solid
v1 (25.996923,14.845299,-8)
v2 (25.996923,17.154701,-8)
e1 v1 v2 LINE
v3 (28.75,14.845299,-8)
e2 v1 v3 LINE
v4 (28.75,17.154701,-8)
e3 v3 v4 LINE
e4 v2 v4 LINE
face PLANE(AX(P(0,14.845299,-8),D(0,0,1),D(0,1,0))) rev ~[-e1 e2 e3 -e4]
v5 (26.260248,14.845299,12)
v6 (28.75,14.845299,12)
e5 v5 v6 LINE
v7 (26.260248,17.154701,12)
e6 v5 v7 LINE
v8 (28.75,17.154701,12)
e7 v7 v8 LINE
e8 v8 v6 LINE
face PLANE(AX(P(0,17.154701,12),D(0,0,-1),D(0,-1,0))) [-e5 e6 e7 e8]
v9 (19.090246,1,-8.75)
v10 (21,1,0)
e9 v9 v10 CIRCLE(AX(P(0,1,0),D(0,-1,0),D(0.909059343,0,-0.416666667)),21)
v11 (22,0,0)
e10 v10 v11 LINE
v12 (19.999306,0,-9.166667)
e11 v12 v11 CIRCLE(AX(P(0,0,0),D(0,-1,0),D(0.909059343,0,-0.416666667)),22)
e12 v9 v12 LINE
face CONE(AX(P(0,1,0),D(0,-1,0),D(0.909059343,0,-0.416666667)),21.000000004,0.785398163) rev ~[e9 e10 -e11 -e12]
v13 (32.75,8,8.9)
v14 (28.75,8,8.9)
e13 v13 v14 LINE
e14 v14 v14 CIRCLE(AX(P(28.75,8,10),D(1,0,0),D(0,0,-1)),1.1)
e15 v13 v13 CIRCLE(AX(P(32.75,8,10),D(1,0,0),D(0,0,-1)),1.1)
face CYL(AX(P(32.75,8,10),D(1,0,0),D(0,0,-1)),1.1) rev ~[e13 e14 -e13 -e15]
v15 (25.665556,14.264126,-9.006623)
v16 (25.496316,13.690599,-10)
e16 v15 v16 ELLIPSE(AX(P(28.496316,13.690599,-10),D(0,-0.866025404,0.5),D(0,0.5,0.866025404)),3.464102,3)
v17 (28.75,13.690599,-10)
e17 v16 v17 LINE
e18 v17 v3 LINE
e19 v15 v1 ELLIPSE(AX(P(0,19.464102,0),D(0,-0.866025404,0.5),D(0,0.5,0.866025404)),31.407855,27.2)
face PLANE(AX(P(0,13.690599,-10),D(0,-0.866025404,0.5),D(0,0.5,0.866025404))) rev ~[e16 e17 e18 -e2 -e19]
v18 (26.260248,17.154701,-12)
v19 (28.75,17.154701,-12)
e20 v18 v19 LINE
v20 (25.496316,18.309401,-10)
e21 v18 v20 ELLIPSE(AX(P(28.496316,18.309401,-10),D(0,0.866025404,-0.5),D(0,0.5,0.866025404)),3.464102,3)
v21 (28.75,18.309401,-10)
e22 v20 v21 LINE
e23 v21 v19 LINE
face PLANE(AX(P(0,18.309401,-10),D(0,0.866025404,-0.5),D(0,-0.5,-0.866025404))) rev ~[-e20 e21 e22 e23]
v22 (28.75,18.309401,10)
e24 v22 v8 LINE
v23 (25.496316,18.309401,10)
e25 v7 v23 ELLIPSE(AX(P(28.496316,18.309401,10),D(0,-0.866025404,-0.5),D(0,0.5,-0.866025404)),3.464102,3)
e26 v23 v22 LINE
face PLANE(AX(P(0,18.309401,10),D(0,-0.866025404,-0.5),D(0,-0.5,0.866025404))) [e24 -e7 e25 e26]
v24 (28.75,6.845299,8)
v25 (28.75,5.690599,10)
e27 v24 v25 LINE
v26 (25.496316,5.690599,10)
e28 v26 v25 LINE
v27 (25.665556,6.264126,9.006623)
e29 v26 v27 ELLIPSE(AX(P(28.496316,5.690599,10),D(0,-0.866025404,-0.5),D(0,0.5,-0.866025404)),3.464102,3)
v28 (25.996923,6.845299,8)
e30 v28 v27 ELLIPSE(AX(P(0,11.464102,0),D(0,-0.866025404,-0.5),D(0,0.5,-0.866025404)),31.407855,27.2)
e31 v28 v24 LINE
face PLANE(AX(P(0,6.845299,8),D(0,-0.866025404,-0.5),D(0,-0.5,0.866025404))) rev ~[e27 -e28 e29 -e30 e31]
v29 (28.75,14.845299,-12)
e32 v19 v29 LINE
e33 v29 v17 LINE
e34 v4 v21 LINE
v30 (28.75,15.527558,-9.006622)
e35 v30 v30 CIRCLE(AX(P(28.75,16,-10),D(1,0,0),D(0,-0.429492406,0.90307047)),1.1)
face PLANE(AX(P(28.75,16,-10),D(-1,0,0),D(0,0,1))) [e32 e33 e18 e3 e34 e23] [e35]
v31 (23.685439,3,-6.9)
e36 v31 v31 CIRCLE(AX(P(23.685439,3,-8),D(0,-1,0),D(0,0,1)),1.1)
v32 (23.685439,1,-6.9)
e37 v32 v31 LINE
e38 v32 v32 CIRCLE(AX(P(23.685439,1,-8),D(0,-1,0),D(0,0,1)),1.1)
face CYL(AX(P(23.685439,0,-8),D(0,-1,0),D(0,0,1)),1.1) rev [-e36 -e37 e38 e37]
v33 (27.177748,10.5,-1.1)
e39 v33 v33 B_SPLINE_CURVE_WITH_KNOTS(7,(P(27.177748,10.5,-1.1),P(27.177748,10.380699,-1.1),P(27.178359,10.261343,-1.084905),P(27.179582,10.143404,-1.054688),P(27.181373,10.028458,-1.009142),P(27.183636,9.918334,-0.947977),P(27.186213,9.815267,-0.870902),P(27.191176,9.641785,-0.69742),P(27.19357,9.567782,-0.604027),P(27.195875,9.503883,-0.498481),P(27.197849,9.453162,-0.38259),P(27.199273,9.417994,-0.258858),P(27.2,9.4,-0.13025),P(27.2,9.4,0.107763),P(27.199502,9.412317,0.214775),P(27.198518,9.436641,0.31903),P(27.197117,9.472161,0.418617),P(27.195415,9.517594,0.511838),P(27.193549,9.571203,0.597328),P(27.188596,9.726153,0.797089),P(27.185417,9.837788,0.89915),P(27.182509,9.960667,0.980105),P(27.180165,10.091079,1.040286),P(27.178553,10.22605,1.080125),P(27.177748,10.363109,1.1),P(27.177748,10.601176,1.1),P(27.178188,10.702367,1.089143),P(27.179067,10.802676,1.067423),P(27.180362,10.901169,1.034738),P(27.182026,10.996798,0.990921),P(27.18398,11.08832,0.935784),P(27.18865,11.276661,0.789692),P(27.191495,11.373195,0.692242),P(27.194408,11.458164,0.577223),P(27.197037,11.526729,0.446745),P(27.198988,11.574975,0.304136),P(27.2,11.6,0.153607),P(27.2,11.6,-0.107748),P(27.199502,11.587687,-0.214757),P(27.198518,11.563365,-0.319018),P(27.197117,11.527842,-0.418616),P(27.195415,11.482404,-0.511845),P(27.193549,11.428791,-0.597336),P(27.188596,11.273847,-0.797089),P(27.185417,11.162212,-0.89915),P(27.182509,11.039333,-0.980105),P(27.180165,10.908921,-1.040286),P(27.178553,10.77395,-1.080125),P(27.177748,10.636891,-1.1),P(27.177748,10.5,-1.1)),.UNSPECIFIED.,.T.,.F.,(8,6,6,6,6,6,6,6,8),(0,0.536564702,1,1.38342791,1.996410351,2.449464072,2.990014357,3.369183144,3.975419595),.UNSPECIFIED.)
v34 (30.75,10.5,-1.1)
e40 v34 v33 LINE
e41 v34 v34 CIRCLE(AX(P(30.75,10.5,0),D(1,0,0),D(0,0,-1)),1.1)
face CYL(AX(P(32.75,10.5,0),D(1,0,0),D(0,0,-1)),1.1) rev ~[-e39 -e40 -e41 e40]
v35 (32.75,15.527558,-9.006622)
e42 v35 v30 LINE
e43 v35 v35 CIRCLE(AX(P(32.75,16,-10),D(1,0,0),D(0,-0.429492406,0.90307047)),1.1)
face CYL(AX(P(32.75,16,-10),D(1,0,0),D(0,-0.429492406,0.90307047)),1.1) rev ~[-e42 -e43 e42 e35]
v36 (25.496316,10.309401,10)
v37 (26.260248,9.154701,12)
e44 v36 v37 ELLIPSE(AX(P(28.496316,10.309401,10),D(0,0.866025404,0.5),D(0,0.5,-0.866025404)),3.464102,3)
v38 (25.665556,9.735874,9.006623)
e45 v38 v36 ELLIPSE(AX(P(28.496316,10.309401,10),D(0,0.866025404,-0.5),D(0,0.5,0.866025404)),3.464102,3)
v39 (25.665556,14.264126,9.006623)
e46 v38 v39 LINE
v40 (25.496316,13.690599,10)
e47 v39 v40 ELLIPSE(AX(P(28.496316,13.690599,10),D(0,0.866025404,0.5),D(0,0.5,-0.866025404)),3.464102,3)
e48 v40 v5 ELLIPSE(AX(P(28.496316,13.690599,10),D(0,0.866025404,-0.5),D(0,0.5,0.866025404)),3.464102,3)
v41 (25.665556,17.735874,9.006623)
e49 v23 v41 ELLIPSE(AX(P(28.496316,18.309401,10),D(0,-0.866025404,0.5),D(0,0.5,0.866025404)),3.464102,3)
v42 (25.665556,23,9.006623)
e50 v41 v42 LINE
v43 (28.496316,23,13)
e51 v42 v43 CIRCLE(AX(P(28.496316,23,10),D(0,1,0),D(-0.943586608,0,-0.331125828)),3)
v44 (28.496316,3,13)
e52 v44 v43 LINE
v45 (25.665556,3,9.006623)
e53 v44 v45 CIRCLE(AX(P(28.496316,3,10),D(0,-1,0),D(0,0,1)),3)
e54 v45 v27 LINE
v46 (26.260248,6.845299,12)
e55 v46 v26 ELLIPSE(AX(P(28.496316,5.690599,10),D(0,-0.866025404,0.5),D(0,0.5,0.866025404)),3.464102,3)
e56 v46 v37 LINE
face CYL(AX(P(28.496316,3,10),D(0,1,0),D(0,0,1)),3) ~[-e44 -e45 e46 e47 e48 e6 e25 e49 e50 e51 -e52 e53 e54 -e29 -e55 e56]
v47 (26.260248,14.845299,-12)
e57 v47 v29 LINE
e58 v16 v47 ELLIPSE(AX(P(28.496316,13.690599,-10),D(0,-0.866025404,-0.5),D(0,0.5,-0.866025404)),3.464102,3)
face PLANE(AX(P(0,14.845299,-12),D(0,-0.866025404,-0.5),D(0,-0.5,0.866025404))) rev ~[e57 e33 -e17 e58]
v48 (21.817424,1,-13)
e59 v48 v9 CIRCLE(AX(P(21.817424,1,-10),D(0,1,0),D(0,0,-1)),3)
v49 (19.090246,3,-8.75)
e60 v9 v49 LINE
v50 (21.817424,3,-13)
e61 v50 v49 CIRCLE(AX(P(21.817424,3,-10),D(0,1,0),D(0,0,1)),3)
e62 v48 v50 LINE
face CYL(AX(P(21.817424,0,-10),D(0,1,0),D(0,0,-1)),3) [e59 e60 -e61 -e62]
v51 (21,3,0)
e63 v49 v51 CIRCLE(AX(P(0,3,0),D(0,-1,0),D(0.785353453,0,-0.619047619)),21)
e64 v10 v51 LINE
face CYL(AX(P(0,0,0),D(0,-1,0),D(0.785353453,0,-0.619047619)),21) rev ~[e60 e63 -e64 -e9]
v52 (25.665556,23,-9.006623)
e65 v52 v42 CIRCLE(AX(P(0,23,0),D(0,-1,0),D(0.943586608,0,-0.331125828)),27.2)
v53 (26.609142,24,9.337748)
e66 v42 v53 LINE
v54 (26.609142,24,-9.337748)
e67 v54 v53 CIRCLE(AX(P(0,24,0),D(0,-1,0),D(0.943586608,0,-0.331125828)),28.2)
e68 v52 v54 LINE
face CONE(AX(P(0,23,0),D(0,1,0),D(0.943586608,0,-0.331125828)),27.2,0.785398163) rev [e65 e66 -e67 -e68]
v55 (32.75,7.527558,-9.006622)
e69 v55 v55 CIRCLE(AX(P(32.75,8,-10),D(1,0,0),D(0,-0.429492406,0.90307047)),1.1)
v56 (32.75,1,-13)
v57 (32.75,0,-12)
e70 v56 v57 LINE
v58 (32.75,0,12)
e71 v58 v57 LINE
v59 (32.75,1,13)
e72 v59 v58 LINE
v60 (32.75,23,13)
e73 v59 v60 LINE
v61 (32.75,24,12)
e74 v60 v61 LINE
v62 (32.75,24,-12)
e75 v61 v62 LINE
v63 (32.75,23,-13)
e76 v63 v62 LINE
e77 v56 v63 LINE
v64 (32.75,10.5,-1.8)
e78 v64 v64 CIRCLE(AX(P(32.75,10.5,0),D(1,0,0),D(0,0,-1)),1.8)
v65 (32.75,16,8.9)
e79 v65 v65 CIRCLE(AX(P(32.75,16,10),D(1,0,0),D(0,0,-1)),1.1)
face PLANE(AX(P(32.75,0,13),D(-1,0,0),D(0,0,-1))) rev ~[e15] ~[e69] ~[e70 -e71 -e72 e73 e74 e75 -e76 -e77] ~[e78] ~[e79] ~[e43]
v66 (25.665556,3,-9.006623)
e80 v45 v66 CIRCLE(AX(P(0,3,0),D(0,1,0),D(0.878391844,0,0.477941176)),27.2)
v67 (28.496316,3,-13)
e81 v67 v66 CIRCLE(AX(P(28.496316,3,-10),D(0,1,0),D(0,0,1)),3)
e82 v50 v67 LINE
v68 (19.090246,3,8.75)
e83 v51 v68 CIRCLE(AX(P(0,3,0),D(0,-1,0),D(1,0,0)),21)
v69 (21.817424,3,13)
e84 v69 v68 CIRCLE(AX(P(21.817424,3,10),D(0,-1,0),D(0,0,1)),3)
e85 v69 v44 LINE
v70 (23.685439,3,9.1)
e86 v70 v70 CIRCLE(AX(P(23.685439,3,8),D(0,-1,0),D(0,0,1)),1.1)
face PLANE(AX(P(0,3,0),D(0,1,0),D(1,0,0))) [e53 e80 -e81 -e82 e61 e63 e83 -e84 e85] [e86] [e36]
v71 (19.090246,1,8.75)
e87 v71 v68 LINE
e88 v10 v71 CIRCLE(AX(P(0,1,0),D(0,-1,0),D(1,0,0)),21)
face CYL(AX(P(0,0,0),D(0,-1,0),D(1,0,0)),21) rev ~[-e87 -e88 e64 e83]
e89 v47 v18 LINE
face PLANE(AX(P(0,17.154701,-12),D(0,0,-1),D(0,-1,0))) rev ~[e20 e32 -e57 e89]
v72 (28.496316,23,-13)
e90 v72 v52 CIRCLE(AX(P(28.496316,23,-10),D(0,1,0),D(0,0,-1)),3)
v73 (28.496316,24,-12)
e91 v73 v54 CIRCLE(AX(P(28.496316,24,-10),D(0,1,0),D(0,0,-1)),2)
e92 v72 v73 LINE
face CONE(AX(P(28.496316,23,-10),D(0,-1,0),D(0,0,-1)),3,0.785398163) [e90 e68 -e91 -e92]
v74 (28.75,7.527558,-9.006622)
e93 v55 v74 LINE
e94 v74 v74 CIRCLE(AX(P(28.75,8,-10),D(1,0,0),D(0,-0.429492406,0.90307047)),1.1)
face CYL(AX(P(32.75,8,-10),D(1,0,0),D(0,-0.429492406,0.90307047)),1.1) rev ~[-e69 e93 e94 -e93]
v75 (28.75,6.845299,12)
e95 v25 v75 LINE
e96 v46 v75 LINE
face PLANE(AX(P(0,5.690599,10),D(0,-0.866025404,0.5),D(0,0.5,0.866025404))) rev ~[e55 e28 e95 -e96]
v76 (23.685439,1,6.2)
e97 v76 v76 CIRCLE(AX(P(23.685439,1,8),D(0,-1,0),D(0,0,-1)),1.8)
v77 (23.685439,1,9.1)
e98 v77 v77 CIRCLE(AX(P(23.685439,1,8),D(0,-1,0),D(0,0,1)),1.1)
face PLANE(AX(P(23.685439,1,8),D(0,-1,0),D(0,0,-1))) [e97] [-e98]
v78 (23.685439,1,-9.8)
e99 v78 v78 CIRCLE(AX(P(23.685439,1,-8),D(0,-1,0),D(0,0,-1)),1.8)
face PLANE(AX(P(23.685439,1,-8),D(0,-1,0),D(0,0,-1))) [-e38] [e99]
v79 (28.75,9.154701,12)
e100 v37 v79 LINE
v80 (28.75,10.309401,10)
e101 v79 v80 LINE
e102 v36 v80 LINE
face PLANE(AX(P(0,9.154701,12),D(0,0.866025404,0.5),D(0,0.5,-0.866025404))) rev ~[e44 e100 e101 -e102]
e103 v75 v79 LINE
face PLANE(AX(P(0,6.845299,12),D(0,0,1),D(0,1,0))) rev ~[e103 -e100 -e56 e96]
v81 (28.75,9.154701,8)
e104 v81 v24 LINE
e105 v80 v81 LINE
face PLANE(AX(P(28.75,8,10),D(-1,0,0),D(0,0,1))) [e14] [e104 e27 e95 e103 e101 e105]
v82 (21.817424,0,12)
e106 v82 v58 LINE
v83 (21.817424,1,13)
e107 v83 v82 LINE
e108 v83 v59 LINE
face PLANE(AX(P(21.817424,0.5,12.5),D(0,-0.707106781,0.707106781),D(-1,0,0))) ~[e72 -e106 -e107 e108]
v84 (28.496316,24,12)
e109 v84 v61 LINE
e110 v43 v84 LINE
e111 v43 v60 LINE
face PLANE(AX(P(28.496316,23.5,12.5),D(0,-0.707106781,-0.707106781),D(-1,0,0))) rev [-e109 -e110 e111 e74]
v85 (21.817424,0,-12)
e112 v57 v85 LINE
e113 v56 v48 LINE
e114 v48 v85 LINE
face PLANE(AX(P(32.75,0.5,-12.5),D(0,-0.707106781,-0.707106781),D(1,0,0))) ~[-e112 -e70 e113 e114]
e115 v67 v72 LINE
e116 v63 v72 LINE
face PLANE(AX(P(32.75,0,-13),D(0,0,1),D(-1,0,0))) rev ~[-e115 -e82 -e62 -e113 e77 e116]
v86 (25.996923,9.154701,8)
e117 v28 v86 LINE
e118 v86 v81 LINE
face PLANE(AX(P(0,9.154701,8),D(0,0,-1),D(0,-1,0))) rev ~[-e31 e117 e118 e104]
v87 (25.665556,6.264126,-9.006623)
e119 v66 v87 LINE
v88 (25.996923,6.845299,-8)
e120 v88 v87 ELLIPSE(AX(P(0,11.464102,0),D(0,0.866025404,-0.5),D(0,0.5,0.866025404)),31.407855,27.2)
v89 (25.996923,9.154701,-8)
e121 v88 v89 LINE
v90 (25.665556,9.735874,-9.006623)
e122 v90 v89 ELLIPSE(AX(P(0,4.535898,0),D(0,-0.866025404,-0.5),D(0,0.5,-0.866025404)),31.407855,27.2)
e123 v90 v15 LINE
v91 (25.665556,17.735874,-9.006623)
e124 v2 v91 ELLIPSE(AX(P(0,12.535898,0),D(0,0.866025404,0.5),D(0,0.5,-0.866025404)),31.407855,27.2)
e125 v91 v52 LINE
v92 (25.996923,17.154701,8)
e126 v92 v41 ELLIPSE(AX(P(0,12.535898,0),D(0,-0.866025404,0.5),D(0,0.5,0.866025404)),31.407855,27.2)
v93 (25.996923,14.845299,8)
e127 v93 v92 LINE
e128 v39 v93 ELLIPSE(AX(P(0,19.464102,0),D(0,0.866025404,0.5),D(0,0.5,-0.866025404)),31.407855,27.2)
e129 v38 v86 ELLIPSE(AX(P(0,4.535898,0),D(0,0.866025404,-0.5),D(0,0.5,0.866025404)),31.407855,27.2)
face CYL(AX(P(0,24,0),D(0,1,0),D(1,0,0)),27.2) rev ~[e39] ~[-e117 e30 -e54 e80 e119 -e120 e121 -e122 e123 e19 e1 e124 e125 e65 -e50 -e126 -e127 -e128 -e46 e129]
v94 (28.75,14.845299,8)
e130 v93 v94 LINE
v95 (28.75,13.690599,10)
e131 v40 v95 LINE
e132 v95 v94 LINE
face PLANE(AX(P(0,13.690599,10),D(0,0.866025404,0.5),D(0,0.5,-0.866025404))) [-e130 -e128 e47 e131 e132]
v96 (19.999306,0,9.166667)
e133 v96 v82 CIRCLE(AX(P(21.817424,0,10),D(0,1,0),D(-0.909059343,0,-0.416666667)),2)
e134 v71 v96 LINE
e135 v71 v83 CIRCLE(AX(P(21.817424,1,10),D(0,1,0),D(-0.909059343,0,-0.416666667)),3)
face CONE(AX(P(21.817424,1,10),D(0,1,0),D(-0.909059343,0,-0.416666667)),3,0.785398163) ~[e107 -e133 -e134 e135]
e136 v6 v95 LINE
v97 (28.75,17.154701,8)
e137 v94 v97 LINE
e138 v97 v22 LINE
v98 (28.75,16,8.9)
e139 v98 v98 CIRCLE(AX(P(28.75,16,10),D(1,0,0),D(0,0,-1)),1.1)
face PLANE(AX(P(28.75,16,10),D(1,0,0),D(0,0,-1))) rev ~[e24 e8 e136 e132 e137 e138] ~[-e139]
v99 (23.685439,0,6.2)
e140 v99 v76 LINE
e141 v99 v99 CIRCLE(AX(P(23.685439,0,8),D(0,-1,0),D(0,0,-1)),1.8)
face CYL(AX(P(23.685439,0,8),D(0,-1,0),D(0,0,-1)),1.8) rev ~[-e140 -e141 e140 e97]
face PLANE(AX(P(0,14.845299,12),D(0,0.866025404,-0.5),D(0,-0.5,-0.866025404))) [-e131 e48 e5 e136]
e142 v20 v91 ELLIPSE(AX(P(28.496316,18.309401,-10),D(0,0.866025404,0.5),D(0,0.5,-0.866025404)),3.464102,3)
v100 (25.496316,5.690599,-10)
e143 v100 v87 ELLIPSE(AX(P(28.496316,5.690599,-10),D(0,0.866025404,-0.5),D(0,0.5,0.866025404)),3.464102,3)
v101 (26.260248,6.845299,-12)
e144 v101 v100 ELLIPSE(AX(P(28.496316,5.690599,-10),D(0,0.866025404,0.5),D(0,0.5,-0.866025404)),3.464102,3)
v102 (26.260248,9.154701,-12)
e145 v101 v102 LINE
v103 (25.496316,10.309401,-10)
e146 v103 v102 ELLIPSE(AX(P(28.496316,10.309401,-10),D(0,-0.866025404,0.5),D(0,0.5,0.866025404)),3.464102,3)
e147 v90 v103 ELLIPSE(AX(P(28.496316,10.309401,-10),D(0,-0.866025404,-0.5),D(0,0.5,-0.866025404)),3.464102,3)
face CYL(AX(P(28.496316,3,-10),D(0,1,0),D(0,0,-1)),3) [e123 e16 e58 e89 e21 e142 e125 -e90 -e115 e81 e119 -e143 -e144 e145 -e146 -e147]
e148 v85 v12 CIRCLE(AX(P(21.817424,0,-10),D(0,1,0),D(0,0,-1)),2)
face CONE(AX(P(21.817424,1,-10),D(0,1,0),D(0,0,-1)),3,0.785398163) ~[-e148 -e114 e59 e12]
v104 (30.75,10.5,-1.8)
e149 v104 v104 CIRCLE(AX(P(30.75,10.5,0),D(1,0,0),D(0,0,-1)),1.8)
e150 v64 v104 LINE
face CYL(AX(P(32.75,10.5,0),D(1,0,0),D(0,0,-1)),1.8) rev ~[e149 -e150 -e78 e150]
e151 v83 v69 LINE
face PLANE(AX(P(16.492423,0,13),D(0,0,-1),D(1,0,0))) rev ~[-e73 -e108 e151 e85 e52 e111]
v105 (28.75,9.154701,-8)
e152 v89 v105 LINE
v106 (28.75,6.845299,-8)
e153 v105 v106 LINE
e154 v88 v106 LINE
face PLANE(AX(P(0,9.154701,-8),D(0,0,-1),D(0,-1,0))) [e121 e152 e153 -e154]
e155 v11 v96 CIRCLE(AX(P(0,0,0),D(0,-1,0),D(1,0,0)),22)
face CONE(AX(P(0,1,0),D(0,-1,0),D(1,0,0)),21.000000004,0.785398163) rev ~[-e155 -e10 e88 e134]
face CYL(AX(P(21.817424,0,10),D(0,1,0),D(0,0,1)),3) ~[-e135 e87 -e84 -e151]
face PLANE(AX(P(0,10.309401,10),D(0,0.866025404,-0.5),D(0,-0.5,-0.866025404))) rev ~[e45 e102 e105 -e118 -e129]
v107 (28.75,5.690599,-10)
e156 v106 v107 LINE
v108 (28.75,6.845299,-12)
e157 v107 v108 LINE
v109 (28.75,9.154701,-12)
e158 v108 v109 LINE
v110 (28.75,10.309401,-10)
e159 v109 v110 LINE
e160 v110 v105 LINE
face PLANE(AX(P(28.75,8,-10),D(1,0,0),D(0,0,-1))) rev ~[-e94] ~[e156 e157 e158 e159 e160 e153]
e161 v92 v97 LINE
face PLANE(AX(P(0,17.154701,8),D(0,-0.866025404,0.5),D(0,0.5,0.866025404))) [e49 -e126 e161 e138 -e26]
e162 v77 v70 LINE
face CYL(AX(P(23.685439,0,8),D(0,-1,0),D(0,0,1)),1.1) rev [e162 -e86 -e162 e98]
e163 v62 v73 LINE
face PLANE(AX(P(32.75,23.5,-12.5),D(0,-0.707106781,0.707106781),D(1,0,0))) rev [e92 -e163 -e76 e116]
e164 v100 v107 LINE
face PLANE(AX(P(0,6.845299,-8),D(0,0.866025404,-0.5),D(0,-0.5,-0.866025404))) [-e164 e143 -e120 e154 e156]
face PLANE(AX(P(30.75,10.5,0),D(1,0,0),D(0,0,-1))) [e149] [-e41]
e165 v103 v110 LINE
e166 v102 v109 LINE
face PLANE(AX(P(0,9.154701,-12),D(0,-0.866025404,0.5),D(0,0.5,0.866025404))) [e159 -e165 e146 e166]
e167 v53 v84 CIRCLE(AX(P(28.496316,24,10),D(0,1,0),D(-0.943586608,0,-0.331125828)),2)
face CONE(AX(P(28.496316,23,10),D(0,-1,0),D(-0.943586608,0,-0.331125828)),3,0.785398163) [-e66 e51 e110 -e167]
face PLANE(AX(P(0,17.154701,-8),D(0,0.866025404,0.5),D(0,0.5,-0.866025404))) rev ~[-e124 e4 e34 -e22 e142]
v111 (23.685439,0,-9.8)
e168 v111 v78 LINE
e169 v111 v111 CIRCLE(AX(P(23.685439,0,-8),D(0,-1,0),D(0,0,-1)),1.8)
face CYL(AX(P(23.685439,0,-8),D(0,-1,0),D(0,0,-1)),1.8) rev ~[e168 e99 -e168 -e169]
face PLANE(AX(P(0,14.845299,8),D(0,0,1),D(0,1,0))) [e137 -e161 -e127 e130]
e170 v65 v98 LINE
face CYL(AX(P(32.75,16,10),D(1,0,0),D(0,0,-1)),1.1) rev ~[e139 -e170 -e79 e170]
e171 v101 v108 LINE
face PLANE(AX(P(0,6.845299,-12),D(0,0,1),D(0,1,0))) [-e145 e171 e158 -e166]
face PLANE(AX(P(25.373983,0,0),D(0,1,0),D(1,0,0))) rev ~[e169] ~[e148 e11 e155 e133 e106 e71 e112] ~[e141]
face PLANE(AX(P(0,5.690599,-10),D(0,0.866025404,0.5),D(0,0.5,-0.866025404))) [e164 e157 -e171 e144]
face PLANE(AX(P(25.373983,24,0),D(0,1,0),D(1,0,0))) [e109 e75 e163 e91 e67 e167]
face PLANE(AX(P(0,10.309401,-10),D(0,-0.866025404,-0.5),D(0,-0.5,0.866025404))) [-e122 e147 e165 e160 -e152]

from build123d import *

# Parameters (mm, degrees)
SKETCH_1_R          = 1.1
EXTRUDE_1_DEPTH     = 24
SKETCH_2_R          = 27.2
CUT_EXTRUDE_1_DEPTH = 21
FILLET_1_R          = 3
SKETCH_3_R          = 1.1
CUT_EXTRUDE_2_DEPTH = 31.645010485
CHAMFER_2_SIZE      = 1
CUT_EXTRUDE_3_DEPTH = 28.75
SKETCH_5_R          = 1.8
CUT_EXTRUDE_4_DEPTH = 2
SKETCH_6_R          = 1.8
CUT_EXTRUDE_5_DEPTH = 1


with BuildPart() as part:
    # Эскиз1 → Бобышка-Вытянуть1 (new body)
    with BuildSketch(Plane(origin=(0, 0, 0), x_dir=(1, 0, 0), z_dir=(0, 1, 0))):
        with BuildLine():
            Line((32.75, 13), (16.492422502, 13))
            ThreePointArc((16.492422502, 13), (19.841129914, 6.879648517), (21, 0))
            ThreePointArc((21, 0), (19.841129914, -6.879648517), (16.492422502, -13))
            Line((16.492422502, -13), (32.75, -13))
            Line((32.75, -13), (32.75, 13))
        make_face()
        with Locations(Location((23.685438565, -8, 0), (0, 0, 270))):
            Circle(SKETCH_1_R, mode=Mode.SUBTRACT)
        with Locations(Location((23.685438565, 8, 0), (0, 0, 270))):
            Circle(SKETCH_1_R, mode=Mode.SUBTRACT)
    extrude(amount=EXTRUDE_1_DEPTH)

    # Эскиз2 → Вырез-Вытянуть1 (cut)
    with BuildSketch(Plane(origin=(0, 24, 0), x_dir=(1, 0, 0), z_dir=(0, 1, 0))):
        Circle(SKETCH_2_R)
    extrude(amount=-CUT_EXTRUDE_1_DEPTH, mode=Mode.SUBTRACT)

    # Скругление1
    fillet_1_edges = [part.edges().sort_by_distance(p)[0] for p in [
        (16.492422502, 1.5, -13),
        (16.492422502, 1.5, 13),
        (23.89225816, 13.5, 13),
        (23.89225816, 13.5, -13),
    ]]
    fillet(fillet_1_edges, radius=FILLET_1_R)

    # Эскиз3 → Вырез-Вытянуть2 (cut, through all)
    with BuildSketch(Plane(origin=(32.75, 0, 0), x_dir=(0, 0, -1), z_dir=(1, 0, 0))):
        with Locations((0, 10.5)):
            Circle(SKETCH_3_R)
        with Locations((-10, 16)):
            Circle(SKETCH_3_R)
        with Locations((-10, 8)):
            Circle(SKETCH_3_R)
        with Locations(Location((10, 8, 0), (0, 0, 205.43535128))):
            Circle(SKETCH_3_R)
        with Locations(Location((10, 16, 0), (0, 0, 205.43535128))):
            Circle(SKETCH_3_R)
    extrude(amount=-CUT_EXTRUDE_2_DEPTH, mode=Mode.SUBTRACT)

    # Фаска2
    chamfer_2_edges = [part.edges().sort_by_distance(p)[0] for p in [
        (30.623157776, 24, 13),
        (27.283712115, 0, 13),
        (27.2, 24, 0),
        (30.623157776, 24, -13),
        (26.048854372, 24, -11.734916071),
        (26.048854372, 24, 11.734916071),
        (27.283712115, 0, -13),
        (21, 0, 0),
        (19.292547995, 0, 11.620185175),
        (19.292547995, 0, -11.620185175),
    ]]
    chamfer(chamfer_2_edges, length=CHAMFER_2_SIZE)

    # Эскиз4 → Вырез-Вытянуть3 (cut)
    with BuildSketch(Plane(origin=(0, 0, 0), x_dir=(0, 0, -1), z_dir=(1, 0, 0))):
        Polygon((-8, 14.845299462), (-8, 17.154700538), (-10, 18.309401077), (-12, 17.154700538), (-12, 14.845299462), (-10, 13.690598923), align=None)
        Polygon((-10, 10.309401077), (-8, 9.154700538), (-8, 6.845299462), (-10, 5.690598923), (-12, 6.845299462), (-12, 9.154700538), align=None)
        Polygon((8, 9.154700538), (8, 6.845299462), (10, 5.690598923), (12, 6.845299462), (12, 9.154700538), (10, 10.309401077), align=None)
        Polygon((10, 13.690598923), (8, 14.845299462), (8, 17.154700538), (10, 18.309401077), (12, 17.154700538), (12, 14.845299462), align=None)
    extrude(amount=CUT_EXTRUDE_3_DEPTH, mode=Mode.SUBTRACT)

    # Эскиз5 → Вырез-Вытянуть4 (cut)
    with BuildSketch(Plane(origin=(32.75, 0, 0), x_dir=(0, 0, -1), z_dir=(1, 0, 0))):
        with Locations((0, 10.5)):
            Circle(SKETCH_5_R)
    extrude(amount=-CUT_EXTRUDE_4_DEPTH, mode=Mode.SUBTRACT)

    # Эскиз6 → Вырез-Вытянуть5 (cut)
    with BuildSketch(Plane.XZ):
        with Locations(Location((23.685438565, 8, 0), (0, 0, 270))):
            Circle(SKETCH_6_R)
        with Locations(Location((23.685438565, -8, 0), (0, 0, 270))):
            Circle(SKETCH_6_R)
    extrude(amount=-CUT_EXTRUDE_5_DEPTH, mode=Mode.SUBTRACT)


solid = part.part
